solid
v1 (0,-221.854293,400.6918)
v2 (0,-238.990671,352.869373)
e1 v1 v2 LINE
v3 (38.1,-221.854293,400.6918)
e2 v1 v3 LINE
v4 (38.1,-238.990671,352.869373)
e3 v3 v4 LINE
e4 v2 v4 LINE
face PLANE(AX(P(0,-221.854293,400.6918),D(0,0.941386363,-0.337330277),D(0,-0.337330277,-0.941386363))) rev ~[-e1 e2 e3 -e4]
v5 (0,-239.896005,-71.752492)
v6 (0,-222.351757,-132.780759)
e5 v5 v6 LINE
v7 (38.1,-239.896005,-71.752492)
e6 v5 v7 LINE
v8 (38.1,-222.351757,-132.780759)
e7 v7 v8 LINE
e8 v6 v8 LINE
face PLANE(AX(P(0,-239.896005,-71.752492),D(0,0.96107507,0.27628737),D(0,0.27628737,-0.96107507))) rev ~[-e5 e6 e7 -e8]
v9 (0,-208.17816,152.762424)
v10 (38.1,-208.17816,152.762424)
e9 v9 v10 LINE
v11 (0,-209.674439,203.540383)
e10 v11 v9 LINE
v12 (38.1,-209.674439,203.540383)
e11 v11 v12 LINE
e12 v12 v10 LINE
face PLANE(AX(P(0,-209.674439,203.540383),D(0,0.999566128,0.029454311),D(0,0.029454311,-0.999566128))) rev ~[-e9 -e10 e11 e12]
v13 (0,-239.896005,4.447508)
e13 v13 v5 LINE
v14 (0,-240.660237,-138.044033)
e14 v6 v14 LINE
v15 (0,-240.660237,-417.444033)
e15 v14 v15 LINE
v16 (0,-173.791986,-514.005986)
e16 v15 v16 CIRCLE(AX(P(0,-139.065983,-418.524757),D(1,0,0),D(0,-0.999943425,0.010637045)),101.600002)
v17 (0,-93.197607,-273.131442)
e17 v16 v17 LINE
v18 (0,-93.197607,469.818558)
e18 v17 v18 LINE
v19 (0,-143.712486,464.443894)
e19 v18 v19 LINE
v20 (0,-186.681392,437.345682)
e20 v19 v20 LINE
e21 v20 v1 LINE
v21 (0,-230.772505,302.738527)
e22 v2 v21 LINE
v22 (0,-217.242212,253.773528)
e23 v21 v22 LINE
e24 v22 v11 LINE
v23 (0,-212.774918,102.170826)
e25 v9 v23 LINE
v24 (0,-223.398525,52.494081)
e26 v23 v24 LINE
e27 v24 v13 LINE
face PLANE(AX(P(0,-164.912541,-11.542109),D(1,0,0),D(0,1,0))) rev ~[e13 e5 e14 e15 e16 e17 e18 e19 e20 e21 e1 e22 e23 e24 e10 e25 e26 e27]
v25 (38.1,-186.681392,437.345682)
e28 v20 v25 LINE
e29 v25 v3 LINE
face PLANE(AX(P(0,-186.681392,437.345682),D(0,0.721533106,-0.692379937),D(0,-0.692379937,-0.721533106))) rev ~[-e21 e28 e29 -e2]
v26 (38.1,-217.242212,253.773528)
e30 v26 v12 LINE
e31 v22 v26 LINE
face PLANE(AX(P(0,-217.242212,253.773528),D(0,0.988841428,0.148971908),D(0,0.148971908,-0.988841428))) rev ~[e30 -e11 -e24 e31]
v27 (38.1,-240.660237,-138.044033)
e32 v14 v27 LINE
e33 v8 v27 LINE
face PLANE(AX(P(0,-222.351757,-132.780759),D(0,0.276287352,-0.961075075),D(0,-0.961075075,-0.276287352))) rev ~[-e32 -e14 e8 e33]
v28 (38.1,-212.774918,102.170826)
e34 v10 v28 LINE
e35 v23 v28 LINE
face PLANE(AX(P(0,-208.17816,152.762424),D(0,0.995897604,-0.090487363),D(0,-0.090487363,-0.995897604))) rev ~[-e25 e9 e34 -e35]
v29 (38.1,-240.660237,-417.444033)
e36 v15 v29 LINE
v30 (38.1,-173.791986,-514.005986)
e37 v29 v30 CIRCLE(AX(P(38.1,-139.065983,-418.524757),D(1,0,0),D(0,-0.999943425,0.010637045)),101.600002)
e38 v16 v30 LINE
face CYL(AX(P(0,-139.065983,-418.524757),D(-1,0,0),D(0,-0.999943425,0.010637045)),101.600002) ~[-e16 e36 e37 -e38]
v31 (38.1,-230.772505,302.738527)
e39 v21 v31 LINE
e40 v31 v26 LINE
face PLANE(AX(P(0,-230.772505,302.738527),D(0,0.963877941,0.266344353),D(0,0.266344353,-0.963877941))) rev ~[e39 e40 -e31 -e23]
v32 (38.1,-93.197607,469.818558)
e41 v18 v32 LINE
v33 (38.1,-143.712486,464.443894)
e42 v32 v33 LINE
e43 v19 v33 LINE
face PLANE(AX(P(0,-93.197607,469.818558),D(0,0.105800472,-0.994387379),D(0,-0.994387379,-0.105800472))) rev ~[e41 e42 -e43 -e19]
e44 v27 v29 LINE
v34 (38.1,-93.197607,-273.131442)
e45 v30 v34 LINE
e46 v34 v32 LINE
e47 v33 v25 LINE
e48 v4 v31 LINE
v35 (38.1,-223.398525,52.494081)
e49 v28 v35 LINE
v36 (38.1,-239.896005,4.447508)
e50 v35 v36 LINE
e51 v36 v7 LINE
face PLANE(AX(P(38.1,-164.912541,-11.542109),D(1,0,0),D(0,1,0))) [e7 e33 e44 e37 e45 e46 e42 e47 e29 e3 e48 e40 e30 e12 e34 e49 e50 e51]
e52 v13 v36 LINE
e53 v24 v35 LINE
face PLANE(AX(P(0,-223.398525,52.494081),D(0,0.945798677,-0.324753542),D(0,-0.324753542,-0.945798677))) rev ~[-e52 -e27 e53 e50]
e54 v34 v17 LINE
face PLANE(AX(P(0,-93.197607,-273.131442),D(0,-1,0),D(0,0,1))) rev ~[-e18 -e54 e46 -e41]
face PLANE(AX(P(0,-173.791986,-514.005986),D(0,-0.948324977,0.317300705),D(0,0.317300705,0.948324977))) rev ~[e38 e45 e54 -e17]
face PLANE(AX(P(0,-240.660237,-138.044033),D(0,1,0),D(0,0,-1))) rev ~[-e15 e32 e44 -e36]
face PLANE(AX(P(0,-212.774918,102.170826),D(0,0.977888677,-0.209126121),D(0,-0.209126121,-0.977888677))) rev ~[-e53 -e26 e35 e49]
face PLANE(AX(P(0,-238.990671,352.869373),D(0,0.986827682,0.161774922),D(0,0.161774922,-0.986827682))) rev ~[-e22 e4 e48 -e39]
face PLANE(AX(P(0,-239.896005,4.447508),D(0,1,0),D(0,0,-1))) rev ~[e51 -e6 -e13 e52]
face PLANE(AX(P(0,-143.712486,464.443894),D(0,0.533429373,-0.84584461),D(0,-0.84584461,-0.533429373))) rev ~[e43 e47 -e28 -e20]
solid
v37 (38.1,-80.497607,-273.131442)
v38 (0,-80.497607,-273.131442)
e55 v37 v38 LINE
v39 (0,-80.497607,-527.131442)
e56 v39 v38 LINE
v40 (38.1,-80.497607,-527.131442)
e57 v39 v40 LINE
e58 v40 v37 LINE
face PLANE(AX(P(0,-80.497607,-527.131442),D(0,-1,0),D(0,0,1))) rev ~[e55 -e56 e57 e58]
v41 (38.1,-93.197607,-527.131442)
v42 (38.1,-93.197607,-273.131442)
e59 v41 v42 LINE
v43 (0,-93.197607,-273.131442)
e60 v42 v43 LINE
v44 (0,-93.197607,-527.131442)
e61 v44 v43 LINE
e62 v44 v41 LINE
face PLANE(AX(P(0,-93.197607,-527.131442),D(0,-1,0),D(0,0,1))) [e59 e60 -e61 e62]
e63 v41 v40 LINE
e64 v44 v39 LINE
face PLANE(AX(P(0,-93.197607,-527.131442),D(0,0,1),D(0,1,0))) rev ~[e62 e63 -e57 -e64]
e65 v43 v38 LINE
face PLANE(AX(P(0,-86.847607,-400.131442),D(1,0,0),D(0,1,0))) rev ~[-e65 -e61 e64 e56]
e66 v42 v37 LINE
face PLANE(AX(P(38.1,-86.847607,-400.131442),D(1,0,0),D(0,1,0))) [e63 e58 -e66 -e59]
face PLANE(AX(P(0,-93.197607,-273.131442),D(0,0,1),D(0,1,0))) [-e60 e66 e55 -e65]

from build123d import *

# Parameters (mm, degrees)
F0_W     = 12.7
F0_H     = 254
F1_DEPTH = 38.1
F2_DEPTH = 25.4


with BuildPart() as f1:
    # F0 (on Right) → F1 (new body)
    with BuildSketch(Plane.YZ):
        with BuildLine():
            Line((-93.197607, 469.818558), (-143.712486, 464.443894))
            Line((-143.712486, 464.443894), (-186.681392, 437.345682))
            Line((-186.681392, 437.345682), (-221.854293, 400.6918))
            Line((-221.854293, 400.6918), (-238.990671, 352.869373))
            Line((-238.990671, 352.869373), (-230.772505, 302.738527))
            ThreePointArc((-230.772505, 302.738527), (-223.272235, 278.459161), (-217.242212, 253.773528))
            ThreePointArc((-217.242212, 253.773528), (-212.704163, 228.770572), (-209.674439, 203.540383))
            ThreePointArc((-209.674439, 203.540383), (-208.163957, 178.173867), (-208.17816, 152.762424))
            ThreePointArc((-208.17816, 152.762424), (-209.716995, 127.397612), (-212.774918, 102.170826))
            ThreePointArc((-212.774918, 102.170826), (-217.340913, 77.172958), (-223.398525, 52.494081))
            ThreePointArc((-223.398525, 52.494081), (-230.92593, 28.223114), (-239.896005, 4.447508))
            Line((-239.896005, 4.447508), (-239.896005, -71.752492))
            Line((-239.896005, -71.752492), (-222.351757, -132.780759))
            Line((-222.351757, -132.780759), (-240.660237, -138.044033))
            Line((-240.660237, -138.044033), (-240.660237, -417.444033))
            ThreePointArc((-240.660237, -417.444033), (-222.593558, -476.366823), (-173.791986, -514.005986))
            Line((-173.791986, -514.005986), (-93.197607, -273.131442))
            Line((-93.197607, -273.131442), (-93.197607, 469.818558))
        make_face()
        with Locations((-86.847607, -400.131442)):
            Rectangle(F0_W, F0_H)
        with BuildLine():
            ThreePointArc((-217.242212, 253.773528), (-223.272235, 278.459161), (-230.772505, 302.738527))
            Line((-230.772505, 302.738527), (-217.242212, 253.773528))
        make_face()
        with BuildLine():
            ThreePointArc((-209.674439, 203.540383), (-212.704163, 228.770572), (-217.242212, 253.773528))
            Line((-217.242212, 253.773528), (-209.674439, 203.540383))
        make_face()
        with BuildLine():
            ThreePointArc((-208.17816, 152.762424), (-208.163957, 178.173867), (-209.674439, 203.540383))
            Line((-209.674439, 203.540383), (-208.17816, 152.762424))
        make_face()
        with BuildLine():
            ThreePointArc((-212.774918, 102.170826), (-209.716995, 127.397612), (-208.17816, 152.762424))
            Line((-208.17816, 152.762424), (-212.774918, 102.170826))
        make_face()
        with BuildLine():
            ThreePointArc((-223.398525, 52.494081), (-217.340913, 77.172958), (-212.774918, 102.170826))
            Line((-212.774918, 102.170826), (-223.398525, 52.494081))
        make_face()
        with BuildLine():
            Line((-223.398525, 52.494081), (-239.896005, 4.447508))
            ThreePointArc((-239.896005, 4.447508), (-230.92593, 28.223114), (-223.398525, 52.494081))
        make_face()
    extrude(amount=F1_DEPTH)

    # F0 (on Right) → F2 (join)
    with BuildSketch(Plane.YZ):
        with Locations((-86.847607, -400.131442)):
            Rectangle(F0_W, F0_H)
    extrude(amount=F2_DEPTH)


solid = f1.part
